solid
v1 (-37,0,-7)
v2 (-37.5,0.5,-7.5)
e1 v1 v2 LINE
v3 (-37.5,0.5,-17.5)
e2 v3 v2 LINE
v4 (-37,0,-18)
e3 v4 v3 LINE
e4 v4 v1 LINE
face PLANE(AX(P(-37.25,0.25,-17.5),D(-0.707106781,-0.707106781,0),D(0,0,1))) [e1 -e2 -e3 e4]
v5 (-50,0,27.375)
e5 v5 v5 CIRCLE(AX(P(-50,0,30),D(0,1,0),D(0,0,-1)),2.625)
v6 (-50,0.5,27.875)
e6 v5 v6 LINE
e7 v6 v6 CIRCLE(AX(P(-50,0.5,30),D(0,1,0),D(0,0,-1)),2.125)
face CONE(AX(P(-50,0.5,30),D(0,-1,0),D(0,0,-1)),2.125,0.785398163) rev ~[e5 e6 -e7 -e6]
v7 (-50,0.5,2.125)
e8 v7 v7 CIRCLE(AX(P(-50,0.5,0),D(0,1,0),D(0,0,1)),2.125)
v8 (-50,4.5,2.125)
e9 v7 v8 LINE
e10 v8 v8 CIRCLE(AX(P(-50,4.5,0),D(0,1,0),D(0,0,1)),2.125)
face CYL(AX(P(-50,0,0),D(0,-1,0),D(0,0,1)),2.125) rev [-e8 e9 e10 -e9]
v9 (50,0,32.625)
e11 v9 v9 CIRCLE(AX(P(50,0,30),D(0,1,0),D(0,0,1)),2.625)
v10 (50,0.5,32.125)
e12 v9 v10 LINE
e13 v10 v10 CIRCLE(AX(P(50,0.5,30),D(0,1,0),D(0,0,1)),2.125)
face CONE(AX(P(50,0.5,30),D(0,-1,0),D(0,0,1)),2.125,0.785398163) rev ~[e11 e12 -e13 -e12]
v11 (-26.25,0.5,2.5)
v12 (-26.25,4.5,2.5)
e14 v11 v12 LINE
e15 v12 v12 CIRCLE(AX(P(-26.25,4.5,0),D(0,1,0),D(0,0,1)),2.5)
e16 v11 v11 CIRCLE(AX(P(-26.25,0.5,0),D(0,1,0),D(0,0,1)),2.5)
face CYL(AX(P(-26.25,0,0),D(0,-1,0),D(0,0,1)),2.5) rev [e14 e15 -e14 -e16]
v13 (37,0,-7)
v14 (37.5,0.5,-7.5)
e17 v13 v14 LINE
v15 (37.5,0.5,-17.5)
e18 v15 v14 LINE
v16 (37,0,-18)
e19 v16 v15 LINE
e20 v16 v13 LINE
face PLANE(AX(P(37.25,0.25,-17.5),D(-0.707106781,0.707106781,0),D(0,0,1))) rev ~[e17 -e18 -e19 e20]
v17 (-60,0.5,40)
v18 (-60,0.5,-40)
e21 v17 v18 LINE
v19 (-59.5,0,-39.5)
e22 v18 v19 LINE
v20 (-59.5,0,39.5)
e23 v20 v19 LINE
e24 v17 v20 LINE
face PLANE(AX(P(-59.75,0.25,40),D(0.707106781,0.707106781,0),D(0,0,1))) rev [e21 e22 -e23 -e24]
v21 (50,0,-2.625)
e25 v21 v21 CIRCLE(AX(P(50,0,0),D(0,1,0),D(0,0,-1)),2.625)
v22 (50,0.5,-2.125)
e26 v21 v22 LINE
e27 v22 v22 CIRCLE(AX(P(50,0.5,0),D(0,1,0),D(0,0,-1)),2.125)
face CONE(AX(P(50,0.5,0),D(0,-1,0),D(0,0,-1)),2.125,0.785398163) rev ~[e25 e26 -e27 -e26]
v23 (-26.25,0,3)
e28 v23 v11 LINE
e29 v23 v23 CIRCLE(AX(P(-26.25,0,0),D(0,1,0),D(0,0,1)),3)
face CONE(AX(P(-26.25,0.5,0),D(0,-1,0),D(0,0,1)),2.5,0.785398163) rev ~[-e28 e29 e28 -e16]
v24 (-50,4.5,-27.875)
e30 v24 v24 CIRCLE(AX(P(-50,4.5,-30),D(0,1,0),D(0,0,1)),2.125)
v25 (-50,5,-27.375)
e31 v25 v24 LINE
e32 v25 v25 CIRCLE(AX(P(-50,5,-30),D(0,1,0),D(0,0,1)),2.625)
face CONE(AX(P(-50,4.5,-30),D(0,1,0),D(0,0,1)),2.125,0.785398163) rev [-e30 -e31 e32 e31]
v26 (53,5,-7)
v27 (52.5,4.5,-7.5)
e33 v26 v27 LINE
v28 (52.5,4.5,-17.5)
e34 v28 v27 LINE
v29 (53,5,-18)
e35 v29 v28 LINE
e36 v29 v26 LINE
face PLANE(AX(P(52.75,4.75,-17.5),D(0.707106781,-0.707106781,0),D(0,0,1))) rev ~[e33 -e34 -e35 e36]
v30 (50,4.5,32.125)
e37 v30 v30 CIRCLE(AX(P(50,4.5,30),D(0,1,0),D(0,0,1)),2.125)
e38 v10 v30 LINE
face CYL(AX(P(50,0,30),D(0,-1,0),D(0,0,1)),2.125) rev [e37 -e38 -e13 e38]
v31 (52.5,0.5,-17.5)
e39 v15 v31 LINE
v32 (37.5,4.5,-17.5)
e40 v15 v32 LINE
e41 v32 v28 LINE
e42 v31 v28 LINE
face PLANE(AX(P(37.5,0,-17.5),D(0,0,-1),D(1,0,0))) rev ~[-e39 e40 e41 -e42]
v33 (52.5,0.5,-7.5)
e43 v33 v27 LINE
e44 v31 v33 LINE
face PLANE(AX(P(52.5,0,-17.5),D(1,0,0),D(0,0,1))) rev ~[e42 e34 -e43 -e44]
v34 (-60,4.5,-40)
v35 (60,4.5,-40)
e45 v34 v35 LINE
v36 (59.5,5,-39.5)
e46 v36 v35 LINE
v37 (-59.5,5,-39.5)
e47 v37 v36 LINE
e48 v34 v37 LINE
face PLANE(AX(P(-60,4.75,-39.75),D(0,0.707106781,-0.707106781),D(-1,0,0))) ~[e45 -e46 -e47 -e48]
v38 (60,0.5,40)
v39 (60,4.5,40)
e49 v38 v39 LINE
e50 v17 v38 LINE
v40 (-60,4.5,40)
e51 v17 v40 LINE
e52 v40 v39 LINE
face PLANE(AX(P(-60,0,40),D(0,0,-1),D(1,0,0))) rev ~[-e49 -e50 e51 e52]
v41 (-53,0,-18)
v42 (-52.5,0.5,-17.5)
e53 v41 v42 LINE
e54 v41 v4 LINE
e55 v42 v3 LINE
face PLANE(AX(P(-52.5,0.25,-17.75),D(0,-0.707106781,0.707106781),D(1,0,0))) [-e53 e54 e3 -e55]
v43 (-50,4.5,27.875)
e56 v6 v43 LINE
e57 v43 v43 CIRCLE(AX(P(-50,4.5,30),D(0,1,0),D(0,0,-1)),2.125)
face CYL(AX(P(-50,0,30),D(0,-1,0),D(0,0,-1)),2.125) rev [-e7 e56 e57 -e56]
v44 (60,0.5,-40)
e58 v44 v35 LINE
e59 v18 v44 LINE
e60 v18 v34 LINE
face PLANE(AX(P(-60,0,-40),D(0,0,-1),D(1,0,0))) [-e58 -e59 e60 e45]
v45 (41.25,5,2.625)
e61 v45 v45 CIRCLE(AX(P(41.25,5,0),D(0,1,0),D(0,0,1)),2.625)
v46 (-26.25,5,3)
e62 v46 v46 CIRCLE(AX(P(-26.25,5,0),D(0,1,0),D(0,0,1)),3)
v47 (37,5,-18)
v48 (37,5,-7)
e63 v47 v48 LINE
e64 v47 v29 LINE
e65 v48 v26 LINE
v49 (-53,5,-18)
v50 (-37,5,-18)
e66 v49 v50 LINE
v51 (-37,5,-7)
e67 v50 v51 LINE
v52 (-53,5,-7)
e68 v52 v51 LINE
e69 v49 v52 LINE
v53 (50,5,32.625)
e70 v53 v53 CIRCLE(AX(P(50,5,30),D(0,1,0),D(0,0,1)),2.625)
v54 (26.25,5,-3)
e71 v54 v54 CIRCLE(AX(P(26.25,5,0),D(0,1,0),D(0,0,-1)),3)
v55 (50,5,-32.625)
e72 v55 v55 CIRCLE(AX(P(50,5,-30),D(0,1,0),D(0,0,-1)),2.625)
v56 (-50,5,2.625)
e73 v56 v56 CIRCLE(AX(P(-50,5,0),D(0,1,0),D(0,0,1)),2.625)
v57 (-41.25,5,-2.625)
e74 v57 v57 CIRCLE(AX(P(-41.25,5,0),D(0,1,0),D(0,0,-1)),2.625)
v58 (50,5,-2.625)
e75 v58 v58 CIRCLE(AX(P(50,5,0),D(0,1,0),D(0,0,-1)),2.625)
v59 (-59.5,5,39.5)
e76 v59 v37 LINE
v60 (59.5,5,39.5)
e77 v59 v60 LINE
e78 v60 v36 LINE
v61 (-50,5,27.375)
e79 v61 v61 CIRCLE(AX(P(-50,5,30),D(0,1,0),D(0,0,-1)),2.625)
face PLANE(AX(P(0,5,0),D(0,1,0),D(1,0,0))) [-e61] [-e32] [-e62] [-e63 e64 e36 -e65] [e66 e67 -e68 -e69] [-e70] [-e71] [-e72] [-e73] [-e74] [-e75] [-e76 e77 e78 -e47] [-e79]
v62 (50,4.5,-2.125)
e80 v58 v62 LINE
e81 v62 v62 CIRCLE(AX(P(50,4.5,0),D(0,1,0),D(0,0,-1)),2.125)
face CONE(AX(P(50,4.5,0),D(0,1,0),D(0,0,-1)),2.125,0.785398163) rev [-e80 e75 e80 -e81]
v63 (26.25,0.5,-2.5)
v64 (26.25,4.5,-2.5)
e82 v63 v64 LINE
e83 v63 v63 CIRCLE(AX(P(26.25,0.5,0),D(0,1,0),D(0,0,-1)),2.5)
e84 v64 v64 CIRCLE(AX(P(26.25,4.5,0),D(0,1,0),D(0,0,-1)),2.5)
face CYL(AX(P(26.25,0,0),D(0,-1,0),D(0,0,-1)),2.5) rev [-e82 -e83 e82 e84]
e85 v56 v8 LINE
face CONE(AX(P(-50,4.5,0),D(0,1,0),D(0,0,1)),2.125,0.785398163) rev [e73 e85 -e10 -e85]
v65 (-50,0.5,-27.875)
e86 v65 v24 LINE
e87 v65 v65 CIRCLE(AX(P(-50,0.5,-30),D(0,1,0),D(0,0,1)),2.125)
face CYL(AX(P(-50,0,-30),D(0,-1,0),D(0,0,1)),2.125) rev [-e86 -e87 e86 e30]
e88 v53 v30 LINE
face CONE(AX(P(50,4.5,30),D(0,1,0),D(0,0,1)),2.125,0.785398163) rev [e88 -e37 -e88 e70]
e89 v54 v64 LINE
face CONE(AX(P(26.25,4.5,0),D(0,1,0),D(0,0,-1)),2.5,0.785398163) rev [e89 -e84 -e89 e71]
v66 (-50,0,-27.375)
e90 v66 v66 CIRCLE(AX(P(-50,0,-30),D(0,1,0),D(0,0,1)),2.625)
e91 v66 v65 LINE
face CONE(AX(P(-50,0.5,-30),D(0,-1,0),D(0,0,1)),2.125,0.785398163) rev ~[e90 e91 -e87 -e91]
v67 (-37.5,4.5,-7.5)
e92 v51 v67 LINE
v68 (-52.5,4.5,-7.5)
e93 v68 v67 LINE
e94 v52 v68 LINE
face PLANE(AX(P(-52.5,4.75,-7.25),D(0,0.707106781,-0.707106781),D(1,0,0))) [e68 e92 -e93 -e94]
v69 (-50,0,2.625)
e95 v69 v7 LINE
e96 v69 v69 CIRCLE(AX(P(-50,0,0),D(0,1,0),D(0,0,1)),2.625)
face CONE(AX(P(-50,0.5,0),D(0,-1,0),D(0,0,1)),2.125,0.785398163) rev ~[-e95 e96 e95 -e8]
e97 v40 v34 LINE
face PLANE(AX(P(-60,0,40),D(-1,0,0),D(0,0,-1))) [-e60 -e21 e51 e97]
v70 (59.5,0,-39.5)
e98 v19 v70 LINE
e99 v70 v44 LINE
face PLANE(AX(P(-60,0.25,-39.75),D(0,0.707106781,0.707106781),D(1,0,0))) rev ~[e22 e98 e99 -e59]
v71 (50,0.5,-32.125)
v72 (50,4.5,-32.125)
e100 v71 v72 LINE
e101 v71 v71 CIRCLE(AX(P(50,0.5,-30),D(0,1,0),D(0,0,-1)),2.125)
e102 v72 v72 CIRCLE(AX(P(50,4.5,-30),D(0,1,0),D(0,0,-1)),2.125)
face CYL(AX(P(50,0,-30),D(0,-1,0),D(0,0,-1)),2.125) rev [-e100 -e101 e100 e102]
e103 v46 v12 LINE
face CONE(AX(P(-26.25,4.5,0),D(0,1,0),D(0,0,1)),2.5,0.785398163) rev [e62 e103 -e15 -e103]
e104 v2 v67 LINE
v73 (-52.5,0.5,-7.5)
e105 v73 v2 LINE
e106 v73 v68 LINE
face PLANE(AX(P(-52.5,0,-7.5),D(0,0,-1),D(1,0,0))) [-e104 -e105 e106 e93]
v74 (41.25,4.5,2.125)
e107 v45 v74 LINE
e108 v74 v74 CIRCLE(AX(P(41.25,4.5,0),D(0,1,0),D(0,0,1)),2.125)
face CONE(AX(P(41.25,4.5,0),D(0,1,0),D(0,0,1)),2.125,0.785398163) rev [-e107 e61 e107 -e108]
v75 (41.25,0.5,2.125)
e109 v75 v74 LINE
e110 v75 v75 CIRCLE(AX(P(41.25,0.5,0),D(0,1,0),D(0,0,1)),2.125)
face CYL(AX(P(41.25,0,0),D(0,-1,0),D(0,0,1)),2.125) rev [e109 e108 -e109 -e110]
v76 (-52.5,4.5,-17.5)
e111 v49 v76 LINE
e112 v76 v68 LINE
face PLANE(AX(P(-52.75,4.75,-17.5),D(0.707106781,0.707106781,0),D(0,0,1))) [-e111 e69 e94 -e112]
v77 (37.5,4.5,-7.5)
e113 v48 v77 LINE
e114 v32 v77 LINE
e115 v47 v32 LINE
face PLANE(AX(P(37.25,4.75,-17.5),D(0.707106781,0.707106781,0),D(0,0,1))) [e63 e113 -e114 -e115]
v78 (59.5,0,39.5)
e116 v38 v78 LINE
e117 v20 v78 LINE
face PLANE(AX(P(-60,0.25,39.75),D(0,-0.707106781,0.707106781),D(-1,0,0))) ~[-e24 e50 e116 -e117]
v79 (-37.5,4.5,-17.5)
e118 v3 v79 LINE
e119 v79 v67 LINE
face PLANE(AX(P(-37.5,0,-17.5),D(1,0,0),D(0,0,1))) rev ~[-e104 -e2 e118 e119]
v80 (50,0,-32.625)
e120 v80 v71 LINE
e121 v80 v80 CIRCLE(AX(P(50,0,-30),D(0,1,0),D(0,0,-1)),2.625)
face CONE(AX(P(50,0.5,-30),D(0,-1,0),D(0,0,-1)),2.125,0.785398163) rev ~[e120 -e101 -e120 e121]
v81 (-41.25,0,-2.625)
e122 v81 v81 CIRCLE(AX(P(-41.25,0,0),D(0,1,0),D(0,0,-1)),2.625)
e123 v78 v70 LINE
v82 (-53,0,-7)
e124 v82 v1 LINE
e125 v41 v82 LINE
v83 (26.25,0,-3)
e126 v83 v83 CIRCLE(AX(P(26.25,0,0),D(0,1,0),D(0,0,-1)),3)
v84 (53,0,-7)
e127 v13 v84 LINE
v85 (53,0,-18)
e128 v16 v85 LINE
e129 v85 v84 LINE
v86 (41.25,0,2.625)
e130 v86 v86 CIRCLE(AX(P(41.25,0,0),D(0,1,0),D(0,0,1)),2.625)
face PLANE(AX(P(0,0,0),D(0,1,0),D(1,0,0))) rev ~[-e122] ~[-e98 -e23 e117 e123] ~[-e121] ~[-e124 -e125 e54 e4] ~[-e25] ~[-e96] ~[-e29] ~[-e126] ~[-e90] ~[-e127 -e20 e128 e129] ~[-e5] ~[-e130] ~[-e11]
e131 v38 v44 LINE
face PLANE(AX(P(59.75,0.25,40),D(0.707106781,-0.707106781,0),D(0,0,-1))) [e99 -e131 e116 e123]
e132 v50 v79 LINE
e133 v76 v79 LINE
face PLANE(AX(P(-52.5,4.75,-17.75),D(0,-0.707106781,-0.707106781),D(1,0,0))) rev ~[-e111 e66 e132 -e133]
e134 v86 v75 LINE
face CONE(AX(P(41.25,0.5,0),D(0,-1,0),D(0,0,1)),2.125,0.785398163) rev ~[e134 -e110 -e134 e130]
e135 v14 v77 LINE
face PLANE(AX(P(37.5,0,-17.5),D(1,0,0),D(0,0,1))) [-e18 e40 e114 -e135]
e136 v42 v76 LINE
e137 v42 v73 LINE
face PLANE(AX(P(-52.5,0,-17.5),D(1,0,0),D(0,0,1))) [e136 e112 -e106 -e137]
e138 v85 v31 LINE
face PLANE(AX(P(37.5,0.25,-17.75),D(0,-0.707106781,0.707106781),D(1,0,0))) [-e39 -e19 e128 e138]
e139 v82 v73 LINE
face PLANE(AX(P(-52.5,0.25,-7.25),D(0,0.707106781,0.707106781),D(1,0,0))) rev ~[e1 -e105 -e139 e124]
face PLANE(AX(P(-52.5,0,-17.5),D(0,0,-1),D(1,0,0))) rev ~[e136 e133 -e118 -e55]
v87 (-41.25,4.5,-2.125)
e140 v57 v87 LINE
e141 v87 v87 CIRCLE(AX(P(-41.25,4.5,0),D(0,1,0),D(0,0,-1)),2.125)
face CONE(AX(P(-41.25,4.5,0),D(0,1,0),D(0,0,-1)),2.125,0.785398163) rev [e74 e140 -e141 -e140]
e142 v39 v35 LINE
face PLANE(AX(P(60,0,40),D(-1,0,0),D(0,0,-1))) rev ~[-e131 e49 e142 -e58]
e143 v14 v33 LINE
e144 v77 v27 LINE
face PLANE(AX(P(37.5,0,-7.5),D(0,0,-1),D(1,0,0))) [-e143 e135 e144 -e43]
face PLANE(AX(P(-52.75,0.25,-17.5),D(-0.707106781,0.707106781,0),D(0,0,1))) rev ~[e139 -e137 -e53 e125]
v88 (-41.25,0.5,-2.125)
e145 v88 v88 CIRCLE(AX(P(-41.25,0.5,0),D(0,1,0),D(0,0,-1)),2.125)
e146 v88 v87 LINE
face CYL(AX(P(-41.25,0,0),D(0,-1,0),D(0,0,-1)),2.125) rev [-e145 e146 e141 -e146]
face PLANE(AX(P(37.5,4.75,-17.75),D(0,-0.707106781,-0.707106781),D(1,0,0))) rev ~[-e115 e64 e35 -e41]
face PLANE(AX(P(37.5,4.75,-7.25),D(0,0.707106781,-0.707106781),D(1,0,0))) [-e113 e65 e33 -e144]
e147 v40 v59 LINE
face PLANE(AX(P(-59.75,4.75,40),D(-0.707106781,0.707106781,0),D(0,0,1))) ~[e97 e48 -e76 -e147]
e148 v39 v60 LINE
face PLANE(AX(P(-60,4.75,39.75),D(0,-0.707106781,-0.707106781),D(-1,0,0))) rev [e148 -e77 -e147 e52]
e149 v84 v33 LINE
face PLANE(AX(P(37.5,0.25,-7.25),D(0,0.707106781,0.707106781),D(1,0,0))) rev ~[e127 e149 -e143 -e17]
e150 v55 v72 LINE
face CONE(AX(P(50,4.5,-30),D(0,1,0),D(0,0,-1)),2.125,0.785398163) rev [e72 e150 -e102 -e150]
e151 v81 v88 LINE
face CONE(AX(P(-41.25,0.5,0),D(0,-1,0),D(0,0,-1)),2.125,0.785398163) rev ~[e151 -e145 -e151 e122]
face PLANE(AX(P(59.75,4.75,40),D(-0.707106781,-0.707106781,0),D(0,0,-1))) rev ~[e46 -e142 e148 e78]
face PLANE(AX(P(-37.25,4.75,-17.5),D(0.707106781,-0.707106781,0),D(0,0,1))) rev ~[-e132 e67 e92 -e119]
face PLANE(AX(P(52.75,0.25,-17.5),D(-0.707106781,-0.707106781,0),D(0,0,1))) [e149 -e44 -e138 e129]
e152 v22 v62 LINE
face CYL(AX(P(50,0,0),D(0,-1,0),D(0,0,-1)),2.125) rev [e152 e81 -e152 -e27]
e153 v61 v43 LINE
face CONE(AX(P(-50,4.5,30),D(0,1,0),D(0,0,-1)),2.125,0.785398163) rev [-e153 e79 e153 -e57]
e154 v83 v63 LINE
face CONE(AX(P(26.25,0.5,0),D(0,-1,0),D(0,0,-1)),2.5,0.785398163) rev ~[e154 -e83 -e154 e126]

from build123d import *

# Parameters (mm, degrees)
SKETCH1_W           = 120
SKETCH1_H           = 80
SKETCH1_R           = 2.125
SKETCH1_R_2         = 2.5
BOSS_EXTRUDE1_DEPTH = 5
SKETCH3_W           = 15
SKETCH3_H           = 10
CUT_EXTRUDE1_DEPTH  = 5
CHAMFER2_SIZE       = 0.5
CHAMFER3_SIZE       = 0.5


with BuildPart() as part:
    # Sketch1 → Boss-Extrude1 (new body)
    with BuildSketch(Plane(origin=(0, 0, 0), x_dir=(1, 0, 0), z_dir=(0, 1, 0))):
        Rectangle(SKETCH1_W, SKETCH1_H)
        with Locations(Location((-50, 30, 0), (0, 0, 270))):
            Circle(SKETCH1_R, mode=Mode.SUBTRACT)
        with Locations(Location((-50, -30, 0), (0, 0, 90))):
            Circle(SKETCH1_R, mode=Mode.SUBTRACT)
        with Locations(Location((50, -30, 0), (0, 0, 270))):
            Circle(SKETCH1_R, mode=Mode.SUBTRACT)
        with Locations(Location((50, 30, 0), (0, 0, 90))):
            Circle(SKETCH1_R, mode=Mode.SUBTRACT)
        with Locations(Location((-26.25, 0, 0), (0, 0, 270))):
            Circle(SKETCH1_R_2, mode=Mode.SUBTRACT)
        with Locations(Location((26.25, 0, 0), (0, 0, 90))):
            Circle(SKETCH1_R_2, mode=Mode.SUBTRACT)
        with Locations(Location((-50, 0, 0), (0, 0, 270))):
            Circle(SKETCH1_R, mode=Mode.SUBTRACT)
        with Locations(Location((50, 0, 0), (0, 0, 90))):
            Circle(SKETCH1_R, mode=Mode.SUBTRACT)
        with Locations(Location((41.25, 0, 0), (0, 0, 270))):
            Circle(SKETCH1_R, mode=Mode.SUBTRACT)
        with Locations(Location((-41.25, 0, 0), (0, 0, 90))):
            Circle(SKETCH1_R, mode=Mode.SUBTRACT)
    extrude(amount=BOSS_EXTRUDE1_DEPTH)

    # Sketch3 → Cut-Extrude1 (cut)
    with BuildSketch(Plane.XZ):
        with Locations((45, -12.5)):
            Rectangle(SKETCH3_W, SKETCH3_H)
        with Locations((-45, -12.5)):
            Rectangle(SKETCH3_W, SKETCH3_H)
    extrude(amount=-CUT_EXTRUDE1_DEPTH, mode=Mode.SUBTRACT)

    # Chamfer2
    chamfer2_edges = [part.edges().sort_by_distance(p)[0] for p in [
        (-50, 5, -32.125),
        (-60, 5, 0),
        (50, 5, 27.875),
        (0, 5, 40),
        (-50, 5, 32.125),
        (50, 5, -27.875),
        (-26.25, 5, -2.5),
        (26.25, 5, 2.5),
        (-50, 5, -2.125),
        (50, 5, 2.125),
        (41.25, 5, -2.125),
        (-41.25, 5, 2.125),
        (60, 5, 0),
        (52.5, 5, -12.5),
        (45, 5, -17.5),
        (37.5, 5, -12.5),
        (45, 5, -7.5),
        (-37.5, 5, -12.5),
        (-45, 5, -17.5),
        (-52.5, 5, -12.5),
        (-45, 5, -7.5),
        (0, 5, -40),
    ]]
    chamfer(chamfer2_edges, length=CHAMFER2_SIZE)

    # Chamfer3
    chamfer3_edges = [part.edges().sort_by_distance(p)[0] for p in [
        (-50, 0, -32.125),
        (50, 0, 27.875),
        (-50, 0, 32.125),
        (50, 0, -27.875),
        (-26.25, 0, -2.5),
        (26.25, 0, 2.5),
        (-50, 0, -2.125),
        (50, 0, 2.125),
        (41.25, 0, -2.125),
        (-41.25, 0, 2.125),
        (0, 0, 40),
        (-60, 0, 0),
        (0, 0, -40),
        (60, 0, 0),
        (52.5, 0, -12.5),
        (45, 0, -7.5),
        (37.5, 0, -12.5),
        (45, 0, -17.5),
        (-37.5, 0, -12.5),
        (-45, 0, -7.5),
        (-52.5, 0, -12.5),
        (-45, 0, -17.5),
    ]]
    chamfer(chamfer3_edges, length=CHAMFER3_SIZE)


solid = part.part
